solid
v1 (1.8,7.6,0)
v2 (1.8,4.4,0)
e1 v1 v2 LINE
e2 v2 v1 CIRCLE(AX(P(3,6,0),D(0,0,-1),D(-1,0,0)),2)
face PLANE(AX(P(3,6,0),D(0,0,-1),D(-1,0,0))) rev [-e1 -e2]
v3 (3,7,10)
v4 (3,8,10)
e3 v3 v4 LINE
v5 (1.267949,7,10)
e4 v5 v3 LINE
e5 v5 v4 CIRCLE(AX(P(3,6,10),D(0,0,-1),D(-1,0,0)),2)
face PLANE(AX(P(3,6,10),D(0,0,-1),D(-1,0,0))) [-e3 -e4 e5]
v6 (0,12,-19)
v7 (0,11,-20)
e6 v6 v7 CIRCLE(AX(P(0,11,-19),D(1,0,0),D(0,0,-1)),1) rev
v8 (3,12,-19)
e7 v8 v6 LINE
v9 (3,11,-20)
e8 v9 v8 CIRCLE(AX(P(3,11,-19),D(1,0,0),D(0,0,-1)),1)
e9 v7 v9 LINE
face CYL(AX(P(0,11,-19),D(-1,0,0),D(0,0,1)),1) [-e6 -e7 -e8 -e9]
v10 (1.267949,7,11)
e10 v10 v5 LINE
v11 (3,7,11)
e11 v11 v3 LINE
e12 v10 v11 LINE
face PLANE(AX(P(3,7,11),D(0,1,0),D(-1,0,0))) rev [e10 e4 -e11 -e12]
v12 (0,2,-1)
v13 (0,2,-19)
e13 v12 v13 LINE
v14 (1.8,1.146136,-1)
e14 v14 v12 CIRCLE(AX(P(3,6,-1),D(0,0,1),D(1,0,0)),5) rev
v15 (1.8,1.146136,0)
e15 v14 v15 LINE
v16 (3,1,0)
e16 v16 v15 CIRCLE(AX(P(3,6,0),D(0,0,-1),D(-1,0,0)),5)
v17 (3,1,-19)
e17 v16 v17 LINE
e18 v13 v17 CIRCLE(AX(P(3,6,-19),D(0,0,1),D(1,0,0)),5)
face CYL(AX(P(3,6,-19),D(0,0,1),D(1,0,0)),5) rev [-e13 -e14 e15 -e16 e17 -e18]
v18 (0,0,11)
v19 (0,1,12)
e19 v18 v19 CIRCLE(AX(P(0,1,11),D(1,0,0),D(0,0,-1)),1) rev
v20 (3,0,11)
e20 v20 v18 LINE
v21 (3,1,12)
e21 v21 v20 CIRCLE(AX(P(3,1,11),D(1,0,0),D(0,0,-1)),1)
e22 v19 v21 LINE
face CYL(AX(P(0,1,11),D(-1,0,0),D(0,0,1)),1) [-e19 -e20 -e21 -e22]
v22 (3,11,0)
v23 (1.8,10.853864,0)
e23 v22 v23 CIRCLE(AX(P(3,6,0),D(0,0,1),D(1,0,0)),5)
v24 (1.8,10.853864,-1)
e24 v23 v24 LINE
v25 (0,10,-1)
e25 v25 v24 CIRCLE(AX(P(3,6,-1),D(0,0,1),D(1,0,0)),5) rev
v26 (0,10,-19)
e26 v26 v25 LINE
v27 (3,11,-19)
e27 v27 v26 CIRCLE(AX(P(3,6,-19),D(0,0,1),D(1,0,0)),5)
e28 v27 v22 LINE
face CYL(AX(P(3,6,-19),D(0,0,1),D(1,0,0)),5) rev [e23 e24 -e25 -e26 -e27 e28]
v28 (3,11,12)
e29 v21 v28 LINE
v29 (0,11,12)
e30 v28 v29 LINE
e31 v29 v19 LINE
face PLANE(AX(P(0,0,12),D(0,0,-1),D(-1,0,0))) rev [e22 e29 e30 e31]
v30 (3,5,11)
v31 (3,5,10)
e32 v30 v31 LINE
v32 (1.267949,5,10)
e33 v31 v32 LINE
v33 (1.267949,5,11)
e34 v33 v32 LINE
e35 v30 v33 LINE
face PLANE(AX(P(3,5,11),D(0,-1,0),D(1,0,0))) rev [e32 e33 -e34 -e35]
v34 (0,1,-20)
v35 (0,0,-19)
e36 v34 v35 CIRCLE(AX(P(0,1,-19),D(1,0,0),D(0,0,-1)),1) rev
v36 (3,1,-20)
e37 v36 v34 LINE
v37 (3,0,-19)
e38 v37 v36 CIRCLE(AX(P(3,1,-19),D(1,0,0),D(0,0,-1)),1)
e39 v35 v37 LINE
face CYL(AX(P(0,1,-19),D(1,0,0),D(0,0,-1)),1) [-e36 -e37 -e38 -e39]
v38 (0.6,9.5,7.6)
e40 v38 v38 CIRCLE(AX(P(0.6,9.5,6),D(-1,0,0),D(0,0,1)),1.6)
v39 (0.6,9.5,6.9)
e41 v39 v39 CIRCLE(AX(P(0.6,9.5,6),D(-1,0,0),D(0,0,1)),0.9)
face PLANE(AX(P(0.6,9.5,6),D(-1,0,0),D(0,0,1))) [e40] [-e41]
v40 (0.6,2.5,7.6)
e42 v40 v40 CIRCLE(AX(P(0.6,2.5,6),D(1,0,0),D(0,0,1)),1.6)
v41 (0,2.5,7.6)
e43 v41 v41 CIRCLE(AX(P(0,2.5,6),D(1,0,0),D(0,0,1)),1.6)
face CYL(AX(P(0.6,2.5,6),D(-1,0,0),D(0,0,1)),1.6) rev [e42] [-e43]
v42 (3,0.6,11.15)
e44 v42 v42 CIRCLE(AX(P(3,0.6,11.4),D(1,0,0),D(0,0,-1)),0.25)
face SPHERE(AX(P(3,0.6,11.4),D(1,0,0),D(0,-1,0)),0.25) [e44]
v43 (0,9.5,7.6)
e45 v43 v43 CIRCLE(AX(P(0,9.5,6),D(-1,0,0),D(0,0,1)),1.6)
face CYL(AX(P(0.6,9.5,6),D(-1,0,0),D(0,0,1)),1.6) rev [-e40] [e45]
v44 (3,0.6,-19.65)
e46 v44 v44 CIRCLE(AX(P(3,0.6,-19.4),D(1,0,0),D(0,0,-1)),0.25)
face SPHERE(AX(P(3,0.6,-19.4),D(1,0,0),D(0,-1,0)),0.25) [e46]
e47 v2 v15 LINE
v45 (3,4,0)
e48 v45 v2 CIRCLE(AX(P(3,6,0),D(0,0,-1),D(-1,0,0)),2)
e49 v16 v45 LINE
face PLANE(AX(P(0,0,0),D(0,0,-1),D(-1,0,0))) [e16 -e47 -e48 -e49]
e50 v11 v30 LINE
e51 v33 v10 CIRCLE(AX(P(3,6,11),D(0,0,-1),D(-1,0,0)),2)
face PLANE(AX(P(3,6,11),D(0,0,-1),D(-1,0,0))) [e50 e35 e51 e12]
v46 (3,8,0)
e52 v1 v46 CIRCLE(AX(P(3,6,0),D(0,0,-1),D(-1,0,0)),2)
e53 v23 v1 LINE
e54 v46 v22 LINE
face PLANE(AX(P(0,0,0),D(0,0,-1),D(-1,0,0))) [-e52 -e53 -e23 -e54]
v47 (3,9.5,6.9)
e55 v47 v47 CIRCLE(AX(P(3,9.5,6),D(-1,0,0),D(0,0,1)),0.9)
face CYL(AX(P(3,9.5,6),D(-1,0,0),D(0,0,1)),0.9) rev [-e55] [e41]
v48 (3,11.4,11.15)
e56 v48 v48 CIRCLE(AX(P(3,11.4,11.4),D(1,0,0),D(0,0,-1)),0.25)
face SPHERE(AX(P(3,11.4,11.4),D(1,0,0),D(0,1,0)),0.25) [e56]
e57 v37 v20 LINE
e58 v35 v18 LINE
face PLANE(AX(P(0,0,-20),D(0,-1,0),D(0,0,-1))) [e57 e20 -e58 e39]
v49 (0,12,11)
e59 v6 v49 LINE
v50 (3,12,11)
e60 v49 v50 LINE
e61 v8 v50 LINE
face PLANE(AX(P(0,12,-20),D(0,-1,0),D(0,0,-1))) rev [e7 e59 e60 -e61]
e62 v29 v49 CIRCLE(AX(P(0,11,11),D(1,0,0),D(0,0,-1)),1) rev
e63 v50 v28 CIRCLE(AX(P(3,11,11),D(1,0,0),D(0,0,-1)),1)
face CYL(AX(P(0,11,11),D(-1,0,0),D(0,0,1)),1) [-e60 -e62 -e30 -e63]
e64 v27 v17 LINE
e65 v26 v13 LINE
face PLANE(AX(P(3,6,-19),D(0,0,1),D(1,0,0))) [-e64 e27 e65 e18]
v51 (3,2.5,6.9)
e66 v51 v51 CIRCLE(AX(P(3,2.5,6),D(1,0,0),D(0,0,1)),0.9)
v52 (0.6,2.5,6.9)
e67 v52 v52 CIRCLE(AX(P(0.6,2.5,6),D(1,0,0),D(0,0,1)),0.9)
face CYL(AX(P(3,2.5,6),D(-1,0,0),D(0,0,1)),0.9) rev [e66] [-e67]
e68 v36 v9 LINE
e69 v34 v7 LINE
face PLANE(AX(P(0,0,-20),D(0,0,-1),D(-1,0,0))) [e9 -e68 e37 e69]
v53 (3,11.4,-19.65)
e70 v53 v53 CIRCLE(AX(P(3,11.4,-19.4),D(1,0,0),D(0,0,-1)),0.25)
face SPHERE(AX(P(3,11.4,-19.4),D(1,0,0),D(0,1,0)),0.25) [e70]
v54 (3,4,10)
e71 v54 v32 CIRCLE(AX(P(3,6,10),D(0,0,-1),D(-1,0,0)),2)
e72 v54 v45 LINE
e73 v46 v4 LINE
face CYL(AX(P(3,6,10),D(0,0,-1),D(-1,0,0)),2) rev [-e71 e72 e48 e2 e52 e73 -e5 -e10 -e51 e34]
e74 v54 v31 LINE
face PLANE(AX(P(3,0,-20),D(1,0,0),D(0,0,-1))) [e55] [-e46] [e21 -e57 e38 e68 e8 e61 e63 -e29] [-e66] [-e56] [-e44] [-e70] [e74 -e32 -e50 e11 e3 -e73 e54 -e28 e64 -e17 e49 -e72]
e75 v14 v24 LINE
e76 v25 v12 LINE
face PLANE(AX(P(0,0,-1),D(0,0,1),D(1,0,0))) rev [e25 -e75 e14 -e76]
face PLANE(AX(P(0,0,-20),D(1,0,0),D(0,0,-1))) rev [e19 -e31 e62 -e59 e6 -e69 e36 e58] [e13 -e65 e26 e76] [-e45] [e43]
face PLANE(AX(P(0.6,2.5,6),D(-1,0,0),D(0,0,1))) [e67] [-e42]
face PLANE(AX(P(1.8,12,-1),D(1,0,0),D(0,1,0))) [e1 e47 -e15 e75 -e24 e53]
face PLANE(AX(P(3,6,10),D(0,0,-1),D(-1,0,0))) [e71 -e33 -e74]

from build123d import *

# Parameters (mm, degrees)
SKETCH1_W           = 3
SKETCH1_H           = 12
BOSS_EXTRUDE1_DEPTH = 20
SKETCH2_R           = 5
CUT_EXTRUDE1_DEPTH  = 19
SKETCH6_W           = 3
SKETCH6_H           = 12
BOSS_EXTRUDE3_DEPTH = 12
SKETCH13_W          = 1.8
SKETCH13_H          = 12
BOSS_EXTRUDE4_DEPTH = 1
SKETCH7_R           = 2
CUT_EXTRUDE2_DEPTH  = 10
CUT_EXTRUDE3_DEPTH  = 1
SKETCH11_R          = 1.6
CUT_EXTRUDE4_DEPTH  = 0.6
SKETCH12_R          = 0.9
CUT_EXTRUDE5_DEPTH  = 24.446961424
FILLET2_R           = 1


with BuildPart() as part:
    # Sketch1 → Boss-Extrude1 (new body)
    with BuildSketch(Plane.XY):
        with Locations((1.5, 6)):
            Rectangle(SKETCH1_W, SKETCH1_H)
    extrude(amount=-BOSS_EXTRUDE1_DEPTH)

    # Sketch2 → Cut-Extrude1 (cut)
    with BuildSketch(Plane.XY):
        with Locations((3, 6)):
            Circle(SKETCH2_R)
    extrude(amount=-CUT_EXTRUDE1_DEPTH, mode=Mode.SUBTRACT)

    # Sketch6 → Boss-Extrude3 (add)
    with BuildSketch(Plane.XY):
        with Locations((1.5, 6)):
            Rectangle(SKETCH6_W, SKETCH6_H)
    extrude(amount=BOSS_EXTRUDE3_DEPTH)

    # Sketch13 → Boss-Extrude4 (add)
    with BuildSketch(Plane.XY):
        with Locations((0.9, 6)):
            Rectangle(SKETCH13_W, SKETCH13_H)
    extrude(amount=-BOSS_EXTRUDE4_DEPTH)

    # Sketch7 → Cut-Extrude2 (cut)
    with BuildSketch(Plane(origin=(0, 0, 0), x_dir=(-1, 0, 0), z_dir=(0, 0, -1))):
        with Locations((-3, 6)):
            Circle(SKETCH7_R)
    extrude(amount=-CUT_EXTRUDE2_DEPTH, mode=Mode.SUBTRACT)

    # Sketch10 → Cut-Extrude3 (cut)
    with BuildSketch(Plane(origin=(0, 0, 10), x_dir=(-1, 0, 0), z_dir=(0, 0, -1))):
        with BuildLine():
            Line((-3, 7), (-1.267949192, 7))
            ThreePointArc((-1.267949192, 7), (-1, 6), (-1.267949192, 5))
            Line((-1.267949192, 5), (-3, 5))
            Line((-3, 5), (-3, 7))
        make_face()
    extrude(amount=-CUT_EXTRUDE3_DEPTH, mode=Mode.SUBTRACT)

    # Sketch11 → Cut-Extrude4 (cut)
    with BuildSketch(Plane.ZY):
        with Locations((6, 9.5)):
            Circle(SKETCH11_R)
    cut_extrude4 = extrude(amount=-CUT_EXTRUDE4_DEPTH, mode=Mode.SUBTRACT)

    # Sketch12 → Cut-Extrude5 (cut, through all)
    with BuildSketch(Plane.ZY.offset(-0.6)):
        with Locations((6, 9.5)):
            Circle(SKETCH12_R)
    cut_extrude5 = extrude(amount=-CUT_EXTRUDE5_DEPTH, mode=Mode.SUBTRACT)

    # Mirror1: Cut-Extrude4, Cut-Extrude5 across plane
    add(cut_extrude4.mirror(Plane(origin=(0, 6, 0), x_dir=(0, 0, 1), z_dir=(0, -1, 0))), mode=Mode.SUBTRACT)
    add(cut_extrude5.mirror(Plane(origin=(0, 6, 0), x_dir=(0, 0, 1), z_dir=(0, -1, 0))), mode=Mode.SUBTRACT)

    # Fillet2
    fillet2_edges = [part.edges().sort_by_distance(p)[0] for p in [
        (1.5, 0, 12),
        (1.5, 12, 12),
        (1.5, 0, -20),
        (1.5, 12, -20),
    ]]
    fillet(fillet2_edges, radius=FILLET2_R)

    # Sketch16 → Revolve3 (revolve)
    with BuildSketch(Plane(origin=(0, 0, -19.4), x_dir=(-1, 0, 0), z_dir=(0, 0, -1))):
        with BuildLine():
            Line((-3.25, 11.4), (-3, 11.4))
            Line((-3, 11.4), (-3, 11.15))
            ThreePointArc((-3, 11.15), (-3.176776695, 11.223223305), (-3.25, 11.4))
        make_face()
    revolve3 = revolve(axis=Axis((3.25, 11.4, -19.4), (-1, 0, 0)))

    # Mirror2: Revolve3 across plane
    add(revolve3.mirror(Plane(origin=(0, 6, 0), x_dir=(0, 0, 1), z_dir=(0, -1, 0))))

    # Mirror2 at the second plane: Revolve3 across plane
    add(revolve3.mirror(Plane.XY.offset(-4)))

    # Mirror2 at the second plane copy 1 sketc → Mirror2 at the second plane copy 1 (revolve)
    with BuildSketch(Plane(origin=(0, 12, 11.4), x_dir=(-1, 0, 0), z_dir=(0, 0, 1))):
        with BuildLine():
            Line((-3.25, 11.4), (-3, 11.4))
            Line((-3, 11.4), (-3, 11.15))
            ThreePointArc((-3, 11.15), (-3.176776695, 11.223223305), (-3.25, 11.4))
        make_face()
    revolve(axis=Axis((3.25, 0.6, 11.4), (-1, 0, 0)))


solid = part.part
